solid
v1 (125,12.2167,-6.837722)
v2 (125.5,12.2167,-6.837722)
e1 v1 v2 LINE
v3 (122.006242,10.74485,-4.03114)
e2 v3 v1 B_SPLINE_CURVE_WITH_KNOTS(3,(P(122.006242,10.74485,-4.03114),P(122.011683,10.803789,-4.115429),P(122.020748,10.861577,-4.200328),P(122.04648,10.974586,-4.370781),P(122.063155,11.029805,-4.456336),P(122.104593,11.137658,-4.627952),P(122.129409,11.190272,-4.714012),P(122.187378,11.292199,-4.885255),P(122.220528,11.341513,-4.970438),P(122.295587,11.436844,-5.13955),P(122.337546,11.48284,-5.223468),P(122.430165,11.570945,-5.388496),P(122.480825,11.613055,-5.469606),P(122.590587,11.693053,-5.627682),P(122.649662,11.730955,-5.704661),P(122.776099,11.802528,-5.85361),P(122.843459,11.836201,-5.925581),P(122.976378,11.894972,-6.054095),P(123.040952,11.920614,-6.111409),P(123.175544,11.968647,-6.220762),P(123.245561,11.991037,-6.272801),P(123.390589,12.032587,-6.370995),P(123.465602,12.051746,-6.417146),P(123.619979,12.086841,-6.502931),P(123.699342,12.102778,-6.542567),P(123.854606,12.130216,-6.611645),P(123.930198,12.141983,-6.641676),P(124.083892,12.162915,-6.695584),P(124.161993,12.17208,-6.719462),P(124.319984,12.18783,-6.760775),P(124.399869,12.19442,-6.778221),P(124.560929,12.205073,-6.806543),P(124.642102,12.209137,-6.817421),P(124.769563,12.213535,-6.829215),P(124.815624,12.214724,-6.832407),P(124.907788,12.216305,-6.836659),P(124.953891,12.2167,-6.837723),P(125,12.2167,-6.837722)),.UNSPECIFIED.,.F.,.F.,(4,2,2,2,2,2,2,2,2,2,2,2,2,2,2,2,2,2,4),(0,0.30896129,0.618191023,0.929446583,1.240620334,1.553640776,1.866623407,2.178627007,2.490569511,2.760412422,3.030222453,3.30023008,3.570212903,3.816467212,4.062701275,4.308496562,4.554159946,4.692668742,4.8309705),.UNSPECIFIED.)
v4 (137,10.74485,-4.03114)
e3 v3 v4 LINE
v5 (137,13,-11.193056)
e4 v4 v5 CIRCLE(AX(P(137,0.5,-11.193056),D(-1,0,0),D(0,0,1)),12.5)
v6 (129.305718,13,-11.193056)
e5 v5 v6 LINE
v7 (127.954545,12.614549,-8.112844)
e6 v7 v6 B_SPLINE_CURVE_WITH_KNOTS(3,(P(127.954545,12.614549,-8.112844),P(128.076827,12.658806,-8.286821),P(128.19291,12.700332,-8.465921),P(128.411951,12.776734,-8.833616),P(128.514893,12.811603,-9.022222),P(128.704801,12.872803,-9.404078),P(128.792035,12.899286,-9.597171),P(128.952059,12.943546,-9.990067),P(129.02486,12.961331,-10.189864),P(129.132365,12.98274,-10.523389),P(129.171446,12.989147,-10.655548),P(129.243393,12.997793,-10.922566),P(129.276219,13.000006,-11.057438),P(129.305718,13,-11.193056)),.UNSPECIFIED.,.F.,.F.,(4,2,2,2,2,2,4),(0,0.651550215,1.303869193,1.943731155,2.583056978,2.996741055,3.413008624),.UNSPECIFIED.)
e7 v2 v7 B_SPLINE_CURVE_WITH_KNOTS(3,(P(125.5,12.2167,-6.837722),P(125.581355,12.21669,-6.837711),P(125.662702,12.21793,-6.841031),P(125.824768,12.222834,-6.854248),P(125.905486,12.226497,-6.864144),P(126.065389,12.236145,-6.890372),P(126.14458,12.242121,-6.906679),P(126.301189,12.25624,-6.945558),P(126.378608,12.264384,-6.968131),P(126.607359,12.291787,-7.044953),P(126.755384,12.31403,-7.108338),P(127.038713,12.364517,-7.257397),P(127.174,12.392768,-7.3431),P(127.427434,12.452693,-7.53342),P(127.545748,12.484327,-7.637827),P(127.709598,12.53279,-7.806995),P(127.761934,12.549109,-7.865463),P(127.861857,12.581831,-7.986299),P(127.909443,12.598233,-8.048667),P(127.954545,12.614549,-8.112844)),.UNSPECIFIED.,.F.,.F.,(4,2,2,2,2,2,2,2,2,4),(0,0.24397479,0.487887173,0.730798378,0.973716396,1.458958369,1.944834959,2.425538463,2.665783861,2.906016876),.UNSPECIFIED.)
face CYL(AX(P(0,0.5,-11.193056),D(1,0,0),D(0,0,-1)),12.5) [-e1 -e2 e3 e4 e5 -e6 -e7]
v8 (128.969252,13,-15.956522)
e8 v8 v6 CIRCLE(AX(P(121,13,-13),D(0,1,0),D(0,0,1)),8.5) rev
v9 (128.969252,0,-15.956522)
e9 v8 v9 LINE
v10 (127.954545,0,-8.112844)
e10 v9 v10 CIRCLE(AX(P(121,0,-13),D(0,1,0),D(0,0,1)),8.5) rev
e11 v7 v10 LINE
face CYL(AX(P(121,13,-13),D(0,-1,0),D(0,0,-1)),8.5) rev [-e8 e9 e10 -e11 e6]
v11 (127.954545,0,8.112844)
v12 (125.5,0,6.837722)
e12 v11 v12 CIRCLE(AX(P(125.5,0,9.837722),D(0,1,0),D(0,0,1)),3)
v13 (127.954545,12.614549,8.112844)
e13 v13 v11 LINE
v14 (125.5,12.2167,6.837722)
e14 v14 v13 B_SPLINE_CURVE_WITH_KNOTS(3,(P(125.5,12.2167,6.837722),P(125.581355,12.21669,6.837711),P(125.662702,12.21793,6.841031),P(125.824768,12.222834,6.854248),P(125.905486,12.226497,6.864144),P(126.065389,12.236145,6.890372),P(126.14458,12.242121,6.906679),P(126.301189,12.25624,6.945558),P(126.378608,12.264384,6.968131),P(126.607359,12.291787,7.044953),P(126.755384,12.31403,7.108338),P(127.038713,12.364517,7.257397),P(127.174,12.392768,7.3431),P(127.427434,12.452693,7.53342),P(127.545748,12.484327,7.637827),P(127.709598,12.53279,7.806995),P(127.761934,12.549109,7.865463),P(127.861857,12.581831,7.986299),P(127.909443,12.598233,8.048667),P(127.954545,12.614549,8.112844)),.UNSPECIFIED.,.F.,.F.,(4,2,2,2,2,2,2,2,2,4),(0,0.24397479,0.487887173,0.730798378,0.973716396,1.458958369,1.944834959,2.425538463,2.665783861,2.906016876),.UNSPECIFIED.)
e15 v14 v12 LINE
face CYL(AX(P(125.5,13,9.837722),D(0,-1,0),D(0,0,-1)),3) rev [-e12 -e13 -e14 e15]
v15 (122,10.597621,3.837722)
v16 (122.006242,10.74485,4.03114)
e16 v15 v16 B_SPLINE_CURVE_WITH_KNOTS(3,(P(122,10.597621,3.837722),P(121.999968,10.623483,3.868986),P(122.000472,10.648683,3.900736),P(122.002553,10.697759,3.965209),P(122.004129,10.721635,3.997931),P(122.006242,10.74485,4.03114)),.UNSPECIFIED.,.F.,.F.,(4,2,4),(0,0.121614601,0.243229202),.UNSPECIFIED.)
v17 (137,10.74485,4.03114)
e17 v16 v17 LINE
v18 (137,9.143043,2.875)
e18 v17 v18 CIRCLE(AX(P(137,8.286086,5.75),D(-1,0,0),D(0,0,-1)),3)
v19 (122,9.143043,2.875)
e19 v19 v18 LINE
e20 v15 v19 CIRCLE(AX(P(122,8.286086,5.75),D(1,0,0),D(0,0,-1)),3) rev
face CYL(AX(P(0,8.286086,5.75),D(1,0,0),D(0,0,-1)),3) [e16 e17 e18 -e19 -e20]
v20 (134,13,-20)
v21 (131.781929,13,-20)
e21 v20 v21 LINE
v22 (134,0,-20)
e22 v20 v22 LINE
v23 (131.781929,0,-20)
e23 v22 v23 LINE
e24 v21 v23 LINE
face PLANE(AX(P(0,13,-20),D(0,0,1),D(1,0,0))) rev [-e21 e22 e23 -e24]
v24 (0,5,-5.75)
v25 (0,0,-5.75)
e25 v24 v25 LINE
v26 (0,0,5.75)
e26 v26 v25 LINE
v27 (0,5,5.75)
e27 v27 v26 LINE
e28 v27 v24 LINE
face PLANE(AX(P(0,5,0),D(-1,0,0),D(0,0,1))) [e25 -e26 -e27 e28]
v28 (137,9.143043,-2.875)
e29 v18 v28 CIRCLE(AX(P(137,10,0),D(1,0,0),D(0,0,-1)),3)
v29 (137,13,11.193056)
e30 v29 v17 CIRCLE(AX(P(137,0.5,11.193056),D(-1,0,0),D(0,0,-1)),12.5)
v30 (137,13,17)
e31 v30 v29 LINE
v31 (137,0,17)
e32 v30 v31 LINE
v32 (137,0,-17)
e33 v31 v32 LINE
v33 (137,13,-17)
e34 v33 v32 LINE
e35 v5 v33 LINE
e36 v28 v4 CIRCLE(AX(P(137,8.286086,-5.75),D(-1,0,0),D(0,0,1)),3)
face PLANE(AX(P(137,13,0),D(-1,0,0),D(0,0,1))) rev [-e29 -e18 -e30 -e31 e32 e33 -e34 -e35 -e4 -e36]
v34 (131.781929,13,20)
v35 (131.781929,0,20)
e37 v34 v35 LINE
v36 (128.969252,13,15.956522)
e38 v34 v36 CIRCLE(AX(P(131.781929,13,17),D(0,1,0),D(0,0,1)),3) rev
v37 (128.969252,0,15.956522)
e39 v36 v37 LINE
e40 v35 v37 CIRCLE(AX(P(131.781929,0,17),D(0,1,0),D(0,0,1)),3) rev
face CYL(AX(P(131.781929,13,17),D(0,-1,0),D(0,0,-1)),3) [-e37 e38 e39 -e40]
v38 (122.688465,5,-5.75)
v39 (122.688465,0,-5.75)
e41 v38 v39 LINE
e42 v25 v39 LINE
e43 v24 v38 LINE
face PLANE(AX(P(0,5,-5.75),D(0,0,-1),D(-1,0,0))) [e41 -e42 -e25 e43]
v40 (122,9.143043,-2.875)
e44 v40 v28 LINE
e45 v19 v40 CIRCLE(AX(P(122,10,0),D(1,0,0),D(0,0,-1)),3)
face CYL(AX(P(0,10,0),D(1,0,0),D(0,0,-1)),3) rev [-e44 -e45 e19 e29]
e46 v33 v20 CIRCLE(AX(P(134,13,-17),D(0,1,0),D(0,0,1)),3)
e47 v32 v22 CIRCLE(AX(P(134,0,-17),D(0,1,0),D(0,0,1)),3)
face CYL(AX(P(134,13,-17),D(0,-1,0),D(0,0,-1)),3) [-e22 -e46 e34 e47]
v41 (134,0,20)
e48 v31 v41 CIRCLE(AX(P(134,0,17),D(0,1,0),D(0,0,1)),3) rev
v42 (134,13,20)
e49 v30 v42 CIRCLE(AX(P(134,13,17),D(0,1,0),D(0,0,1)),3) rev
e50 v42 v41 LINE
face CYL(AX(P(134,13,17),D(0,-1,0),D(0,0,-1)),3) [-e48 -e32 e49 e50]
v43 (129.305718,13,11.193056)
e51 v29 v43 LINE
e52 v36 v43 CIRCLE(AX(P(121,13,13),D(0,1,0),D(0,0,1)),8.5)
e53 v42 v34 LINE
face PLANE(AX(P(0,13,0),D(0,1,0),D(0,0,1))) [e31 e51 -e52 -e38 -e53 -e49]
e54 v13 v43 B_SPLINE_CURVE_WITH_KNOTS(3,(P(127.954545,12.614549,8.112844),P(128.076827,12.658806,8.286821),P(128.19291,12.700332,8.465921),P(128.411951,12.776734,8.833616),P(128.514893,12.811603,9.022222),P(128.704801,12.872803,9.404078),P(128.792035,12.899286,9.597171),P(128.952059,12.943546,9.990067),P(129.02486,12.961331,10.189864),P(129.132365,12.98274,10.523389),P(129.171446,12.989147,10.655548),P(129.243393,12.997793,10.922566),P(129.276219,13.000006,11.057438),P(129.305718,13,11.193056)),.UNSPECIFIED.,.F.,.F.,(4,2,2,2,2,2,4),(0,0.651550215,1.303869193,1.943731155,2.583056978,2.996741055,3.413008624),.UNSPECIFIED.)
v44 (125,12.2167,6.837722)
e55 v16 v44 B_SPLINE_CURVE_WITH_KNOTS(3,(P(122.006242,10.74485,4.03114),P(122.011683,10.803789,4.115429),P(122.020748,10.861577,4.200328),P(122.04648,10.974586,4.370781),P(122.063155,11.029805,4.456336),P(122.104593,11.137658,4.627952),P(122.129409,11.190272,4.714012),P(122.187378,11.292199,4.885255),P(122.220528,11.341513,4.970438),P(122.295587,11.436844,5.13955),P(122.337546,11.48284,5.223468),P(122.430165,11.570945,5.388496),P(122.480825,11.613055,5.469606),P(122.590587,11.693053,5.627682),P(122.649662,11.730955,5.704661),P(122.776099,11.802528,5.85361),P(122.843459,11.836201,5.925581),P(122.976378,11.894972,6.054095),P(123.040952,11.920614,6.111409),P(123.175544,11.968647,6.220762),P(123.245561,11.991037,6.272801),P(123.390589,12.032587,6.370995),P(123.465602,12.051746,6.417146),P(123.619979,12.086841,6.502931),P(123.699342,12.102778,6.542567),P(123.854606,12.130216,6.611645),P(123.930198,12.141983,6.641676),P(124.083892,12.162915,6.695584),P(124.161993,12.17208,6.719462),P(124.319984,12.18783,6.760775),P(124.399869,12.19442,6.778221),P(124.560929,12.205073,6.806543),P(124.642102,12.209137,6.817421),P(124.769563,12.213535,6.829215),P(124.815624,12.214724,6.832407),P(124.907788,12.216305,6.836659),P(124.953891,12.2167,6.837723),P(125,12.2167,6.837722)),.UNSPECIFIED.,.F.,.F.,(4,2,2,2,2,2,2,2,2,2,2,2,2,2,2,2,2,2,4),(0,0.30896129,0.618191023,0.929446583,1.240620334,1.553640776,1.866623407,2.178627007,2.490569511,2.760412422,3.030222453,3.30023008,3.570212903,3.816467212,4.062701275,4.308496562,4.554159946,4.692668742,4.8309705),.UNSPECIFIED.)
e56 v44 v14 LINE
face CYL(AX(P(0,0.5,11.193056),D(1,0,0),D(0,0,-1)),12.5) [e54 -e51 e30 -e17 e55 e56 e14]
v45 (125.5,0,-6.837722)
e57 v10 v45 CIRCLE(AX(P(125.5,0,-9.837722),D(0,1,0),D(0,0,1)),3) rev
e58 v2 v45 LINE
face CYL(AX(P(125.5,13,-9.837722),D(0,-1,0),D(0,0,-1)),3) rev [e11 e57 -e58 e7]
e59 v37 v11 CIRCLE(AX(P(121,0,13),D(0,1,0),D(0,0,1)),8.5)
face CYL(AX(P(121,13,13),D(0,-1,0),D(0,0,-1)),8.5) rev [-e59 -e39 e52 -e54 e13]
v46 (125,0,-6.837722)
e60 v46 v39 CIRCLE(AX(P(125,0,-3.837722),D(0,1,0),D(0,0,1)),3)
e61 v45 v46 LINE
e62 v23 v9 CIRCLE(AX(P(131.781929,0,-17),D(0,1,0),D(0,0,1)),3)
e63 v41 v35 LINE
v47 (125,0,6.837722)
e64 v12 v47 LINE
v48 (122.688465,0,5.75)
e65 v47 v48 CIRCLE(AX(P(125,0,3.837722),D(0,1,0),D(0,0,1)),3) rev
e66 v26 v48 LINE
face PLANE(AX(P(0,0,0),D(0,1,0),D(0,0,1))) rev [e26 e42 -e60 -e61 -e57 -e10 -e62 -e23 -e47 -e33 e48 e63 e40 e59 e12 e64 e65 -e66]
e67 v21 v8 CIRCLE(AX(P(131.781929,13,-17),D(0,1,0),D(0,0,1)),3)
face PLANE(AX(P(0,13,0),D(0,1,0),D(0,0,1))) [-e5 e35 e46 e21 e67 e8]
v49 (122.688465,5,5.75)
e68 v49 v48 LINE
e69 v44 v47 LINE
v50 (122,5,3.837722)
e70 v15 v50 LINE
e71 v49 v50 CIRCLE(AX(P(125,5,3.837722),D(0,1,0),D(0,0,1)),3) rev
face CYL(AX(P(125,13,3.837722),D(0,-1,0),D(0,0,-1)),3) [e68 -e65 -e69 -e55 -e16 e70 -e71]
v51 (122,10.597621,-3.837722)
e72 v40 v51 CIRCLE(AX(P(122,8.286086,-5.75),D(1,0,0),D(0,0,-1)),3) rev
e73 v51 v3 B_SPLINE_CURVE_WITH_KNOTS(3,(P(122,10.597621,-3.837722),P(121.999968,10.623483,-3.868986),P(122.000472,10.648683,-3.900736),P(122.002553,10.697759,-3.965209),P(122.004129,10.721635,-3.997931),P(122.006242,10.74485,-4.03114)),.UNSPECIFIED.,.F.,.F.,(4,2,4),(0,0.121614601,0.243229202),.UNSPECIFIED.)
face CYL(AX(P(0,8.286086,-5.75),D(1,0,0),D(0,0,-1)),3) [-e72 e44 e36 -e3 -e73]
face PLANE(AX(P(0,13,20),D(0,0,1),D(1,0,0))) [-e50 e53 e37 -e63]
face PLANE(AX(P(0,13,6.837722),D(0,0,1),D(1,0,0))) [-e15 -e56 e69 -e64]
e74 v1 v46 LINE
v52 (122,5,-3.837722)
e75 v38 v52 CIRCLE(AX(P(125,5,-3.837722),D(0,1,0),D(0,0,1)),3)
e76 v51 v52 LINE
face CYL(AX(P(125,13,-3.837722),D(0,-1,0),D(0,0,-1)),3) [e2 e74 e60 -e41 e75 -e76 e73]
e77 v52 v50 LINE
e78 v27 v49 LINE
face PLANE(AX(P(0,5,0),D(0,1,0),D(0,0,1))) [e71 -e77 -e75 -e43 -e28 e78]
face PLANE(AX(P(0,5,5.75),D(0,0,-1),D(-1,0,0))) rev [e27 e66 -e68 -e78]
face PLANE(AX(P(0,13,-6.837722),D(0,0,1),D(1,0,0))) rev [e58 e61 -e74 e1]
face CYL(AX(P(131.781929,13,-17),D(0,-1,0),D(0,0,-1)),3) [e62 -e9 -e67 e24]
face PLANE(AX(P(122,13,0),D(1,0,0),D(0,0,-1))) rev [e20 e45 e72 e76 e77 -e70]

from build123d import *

# Parameters (mm, degrees)
EXTRUDE_1_DEPTH     = 13
EXTRUDE_2_DEPTH     = 5
CUT_EXTRUDE_1_DEPTH = 140.061137634


with BuildPart() as part:
    # 草图1 → 凸台-拉伸1 (new body)
    with BuildSketch(Plane(origin=(0, 0, 0), x_dir=(1, 0, 0), z_dir=(0, 1, 0))):
        with BuildLine():
            Line((122, 3.83772234), (122, -3.83772234))
            ThreePointArc((122, -3.83772234), (122.878679656, -5.959042683), (125, -6.83772234))
            Line((125, -6.83772234), (125.5, -6.83772234))
            ThreePointArc((125.5, -6.83772234), (126.882997438, -7.175520603), (127.954545455, -8.112843616))
            ThreePointArc((127.954545455, -8.112843616), (129.429754152, -11.909474928), (128.969252111, -15.956521739))
            ThreePointArc((128.969252111, -15.956521739), (129.319163119, -18.713120722), (131.781929326, -20))
            Line((131.781929326, -20), (134, -20))
            ThreePointArc((134, -20), (136.121320344, -19.121320344), (137, -17))
            Line((137, -17), (137, 17))
            ThreePointArc((137, 17), (136.121320344, 19.121320344), (134, 20))
            Line((134, 20), (131.781929326, 20))
            ThreePointArc((131.781929326, 20), (129.319163119, 18.713120722), (128.969252111, 15.956521739))
            ThreePointArc((128.969252111, 15.956521739), (129.429754152, 11.909474928), (127.954545455, 8.112843616))
            ThreePointArc((127.954545455, 8.112843616), (126.882997438, 7.175520603), (125.5, 6.83772234))
            Line((125.5, 6.83772234), (125, 6.83772234))
            ThreePointArc((125, 6.83772234), (122.878679656, 5.959042683), (122, 3.83772234))
        make_face()
    extrude(amount=EXTRUDE_1_DEPTH)

    # 草图1<3> → 凸台-拉伸2 (add)
    with BuildSketch(Plane(origin=(0, 0, 0), x_dir=(1, 0, 0), z_dir=(0, 1, 0))):
        with BuildLine():
            Line((0, 5.75), (0, -5.75))
            Line((0, -5.75), (122.68846498, -5.75))
            ThreePointArc((122.68846498, -5.75), (122.177358944, -4.853939575), (122, -3.83772234))
            Line((122, -3.83772234), (122, 3.83772234))
            ThreePointArc((122, 3.83772234), (122.177358944, 4.853939575), (122.68846498, 5.75))
            Line((122.68846498, 5.75), (0, 5.75))
        make_face()
    extrude(amount=EXTRUDE_2_DEPTH)

    # 草图2 → 切除-拉伸1 (cut, through all)
    with BuildSketch(Plane(origin=(137, 0, 0), x_dir=(0, 0, -1), z_dir=(1, 0, 0))):
        with BuildLine():
            Line((-11.193056067, 13), (11.193056067, 13))
            ThreePointArc((11.193056067, 13), (7.438767237, 12.422890395), (4.031140189, 10.74485046))
            ThreePointArc((4.031140189, 10.74485046), (3.317442984, 10.041838714), (2.875, 9.143043175))
            ThreePointArc((2.875, 9.143043175), (0, 7), (-2.875, 9.143043175))
            ThreePointArc((-2.875, 9.143043175), (-3.317442984, 10.041838714), (-4.031140189, 10.74485046))
            ThreePointArc((-4.031140189, 10.74485046), (-7.438767237, 12.422890395), (-11.193056067, 13))
        make_face()
    extrude(amount=-CUT_EXTRUDE_1_DEPTH, mode=Mode.SUBTRACT)


solid = part.part
